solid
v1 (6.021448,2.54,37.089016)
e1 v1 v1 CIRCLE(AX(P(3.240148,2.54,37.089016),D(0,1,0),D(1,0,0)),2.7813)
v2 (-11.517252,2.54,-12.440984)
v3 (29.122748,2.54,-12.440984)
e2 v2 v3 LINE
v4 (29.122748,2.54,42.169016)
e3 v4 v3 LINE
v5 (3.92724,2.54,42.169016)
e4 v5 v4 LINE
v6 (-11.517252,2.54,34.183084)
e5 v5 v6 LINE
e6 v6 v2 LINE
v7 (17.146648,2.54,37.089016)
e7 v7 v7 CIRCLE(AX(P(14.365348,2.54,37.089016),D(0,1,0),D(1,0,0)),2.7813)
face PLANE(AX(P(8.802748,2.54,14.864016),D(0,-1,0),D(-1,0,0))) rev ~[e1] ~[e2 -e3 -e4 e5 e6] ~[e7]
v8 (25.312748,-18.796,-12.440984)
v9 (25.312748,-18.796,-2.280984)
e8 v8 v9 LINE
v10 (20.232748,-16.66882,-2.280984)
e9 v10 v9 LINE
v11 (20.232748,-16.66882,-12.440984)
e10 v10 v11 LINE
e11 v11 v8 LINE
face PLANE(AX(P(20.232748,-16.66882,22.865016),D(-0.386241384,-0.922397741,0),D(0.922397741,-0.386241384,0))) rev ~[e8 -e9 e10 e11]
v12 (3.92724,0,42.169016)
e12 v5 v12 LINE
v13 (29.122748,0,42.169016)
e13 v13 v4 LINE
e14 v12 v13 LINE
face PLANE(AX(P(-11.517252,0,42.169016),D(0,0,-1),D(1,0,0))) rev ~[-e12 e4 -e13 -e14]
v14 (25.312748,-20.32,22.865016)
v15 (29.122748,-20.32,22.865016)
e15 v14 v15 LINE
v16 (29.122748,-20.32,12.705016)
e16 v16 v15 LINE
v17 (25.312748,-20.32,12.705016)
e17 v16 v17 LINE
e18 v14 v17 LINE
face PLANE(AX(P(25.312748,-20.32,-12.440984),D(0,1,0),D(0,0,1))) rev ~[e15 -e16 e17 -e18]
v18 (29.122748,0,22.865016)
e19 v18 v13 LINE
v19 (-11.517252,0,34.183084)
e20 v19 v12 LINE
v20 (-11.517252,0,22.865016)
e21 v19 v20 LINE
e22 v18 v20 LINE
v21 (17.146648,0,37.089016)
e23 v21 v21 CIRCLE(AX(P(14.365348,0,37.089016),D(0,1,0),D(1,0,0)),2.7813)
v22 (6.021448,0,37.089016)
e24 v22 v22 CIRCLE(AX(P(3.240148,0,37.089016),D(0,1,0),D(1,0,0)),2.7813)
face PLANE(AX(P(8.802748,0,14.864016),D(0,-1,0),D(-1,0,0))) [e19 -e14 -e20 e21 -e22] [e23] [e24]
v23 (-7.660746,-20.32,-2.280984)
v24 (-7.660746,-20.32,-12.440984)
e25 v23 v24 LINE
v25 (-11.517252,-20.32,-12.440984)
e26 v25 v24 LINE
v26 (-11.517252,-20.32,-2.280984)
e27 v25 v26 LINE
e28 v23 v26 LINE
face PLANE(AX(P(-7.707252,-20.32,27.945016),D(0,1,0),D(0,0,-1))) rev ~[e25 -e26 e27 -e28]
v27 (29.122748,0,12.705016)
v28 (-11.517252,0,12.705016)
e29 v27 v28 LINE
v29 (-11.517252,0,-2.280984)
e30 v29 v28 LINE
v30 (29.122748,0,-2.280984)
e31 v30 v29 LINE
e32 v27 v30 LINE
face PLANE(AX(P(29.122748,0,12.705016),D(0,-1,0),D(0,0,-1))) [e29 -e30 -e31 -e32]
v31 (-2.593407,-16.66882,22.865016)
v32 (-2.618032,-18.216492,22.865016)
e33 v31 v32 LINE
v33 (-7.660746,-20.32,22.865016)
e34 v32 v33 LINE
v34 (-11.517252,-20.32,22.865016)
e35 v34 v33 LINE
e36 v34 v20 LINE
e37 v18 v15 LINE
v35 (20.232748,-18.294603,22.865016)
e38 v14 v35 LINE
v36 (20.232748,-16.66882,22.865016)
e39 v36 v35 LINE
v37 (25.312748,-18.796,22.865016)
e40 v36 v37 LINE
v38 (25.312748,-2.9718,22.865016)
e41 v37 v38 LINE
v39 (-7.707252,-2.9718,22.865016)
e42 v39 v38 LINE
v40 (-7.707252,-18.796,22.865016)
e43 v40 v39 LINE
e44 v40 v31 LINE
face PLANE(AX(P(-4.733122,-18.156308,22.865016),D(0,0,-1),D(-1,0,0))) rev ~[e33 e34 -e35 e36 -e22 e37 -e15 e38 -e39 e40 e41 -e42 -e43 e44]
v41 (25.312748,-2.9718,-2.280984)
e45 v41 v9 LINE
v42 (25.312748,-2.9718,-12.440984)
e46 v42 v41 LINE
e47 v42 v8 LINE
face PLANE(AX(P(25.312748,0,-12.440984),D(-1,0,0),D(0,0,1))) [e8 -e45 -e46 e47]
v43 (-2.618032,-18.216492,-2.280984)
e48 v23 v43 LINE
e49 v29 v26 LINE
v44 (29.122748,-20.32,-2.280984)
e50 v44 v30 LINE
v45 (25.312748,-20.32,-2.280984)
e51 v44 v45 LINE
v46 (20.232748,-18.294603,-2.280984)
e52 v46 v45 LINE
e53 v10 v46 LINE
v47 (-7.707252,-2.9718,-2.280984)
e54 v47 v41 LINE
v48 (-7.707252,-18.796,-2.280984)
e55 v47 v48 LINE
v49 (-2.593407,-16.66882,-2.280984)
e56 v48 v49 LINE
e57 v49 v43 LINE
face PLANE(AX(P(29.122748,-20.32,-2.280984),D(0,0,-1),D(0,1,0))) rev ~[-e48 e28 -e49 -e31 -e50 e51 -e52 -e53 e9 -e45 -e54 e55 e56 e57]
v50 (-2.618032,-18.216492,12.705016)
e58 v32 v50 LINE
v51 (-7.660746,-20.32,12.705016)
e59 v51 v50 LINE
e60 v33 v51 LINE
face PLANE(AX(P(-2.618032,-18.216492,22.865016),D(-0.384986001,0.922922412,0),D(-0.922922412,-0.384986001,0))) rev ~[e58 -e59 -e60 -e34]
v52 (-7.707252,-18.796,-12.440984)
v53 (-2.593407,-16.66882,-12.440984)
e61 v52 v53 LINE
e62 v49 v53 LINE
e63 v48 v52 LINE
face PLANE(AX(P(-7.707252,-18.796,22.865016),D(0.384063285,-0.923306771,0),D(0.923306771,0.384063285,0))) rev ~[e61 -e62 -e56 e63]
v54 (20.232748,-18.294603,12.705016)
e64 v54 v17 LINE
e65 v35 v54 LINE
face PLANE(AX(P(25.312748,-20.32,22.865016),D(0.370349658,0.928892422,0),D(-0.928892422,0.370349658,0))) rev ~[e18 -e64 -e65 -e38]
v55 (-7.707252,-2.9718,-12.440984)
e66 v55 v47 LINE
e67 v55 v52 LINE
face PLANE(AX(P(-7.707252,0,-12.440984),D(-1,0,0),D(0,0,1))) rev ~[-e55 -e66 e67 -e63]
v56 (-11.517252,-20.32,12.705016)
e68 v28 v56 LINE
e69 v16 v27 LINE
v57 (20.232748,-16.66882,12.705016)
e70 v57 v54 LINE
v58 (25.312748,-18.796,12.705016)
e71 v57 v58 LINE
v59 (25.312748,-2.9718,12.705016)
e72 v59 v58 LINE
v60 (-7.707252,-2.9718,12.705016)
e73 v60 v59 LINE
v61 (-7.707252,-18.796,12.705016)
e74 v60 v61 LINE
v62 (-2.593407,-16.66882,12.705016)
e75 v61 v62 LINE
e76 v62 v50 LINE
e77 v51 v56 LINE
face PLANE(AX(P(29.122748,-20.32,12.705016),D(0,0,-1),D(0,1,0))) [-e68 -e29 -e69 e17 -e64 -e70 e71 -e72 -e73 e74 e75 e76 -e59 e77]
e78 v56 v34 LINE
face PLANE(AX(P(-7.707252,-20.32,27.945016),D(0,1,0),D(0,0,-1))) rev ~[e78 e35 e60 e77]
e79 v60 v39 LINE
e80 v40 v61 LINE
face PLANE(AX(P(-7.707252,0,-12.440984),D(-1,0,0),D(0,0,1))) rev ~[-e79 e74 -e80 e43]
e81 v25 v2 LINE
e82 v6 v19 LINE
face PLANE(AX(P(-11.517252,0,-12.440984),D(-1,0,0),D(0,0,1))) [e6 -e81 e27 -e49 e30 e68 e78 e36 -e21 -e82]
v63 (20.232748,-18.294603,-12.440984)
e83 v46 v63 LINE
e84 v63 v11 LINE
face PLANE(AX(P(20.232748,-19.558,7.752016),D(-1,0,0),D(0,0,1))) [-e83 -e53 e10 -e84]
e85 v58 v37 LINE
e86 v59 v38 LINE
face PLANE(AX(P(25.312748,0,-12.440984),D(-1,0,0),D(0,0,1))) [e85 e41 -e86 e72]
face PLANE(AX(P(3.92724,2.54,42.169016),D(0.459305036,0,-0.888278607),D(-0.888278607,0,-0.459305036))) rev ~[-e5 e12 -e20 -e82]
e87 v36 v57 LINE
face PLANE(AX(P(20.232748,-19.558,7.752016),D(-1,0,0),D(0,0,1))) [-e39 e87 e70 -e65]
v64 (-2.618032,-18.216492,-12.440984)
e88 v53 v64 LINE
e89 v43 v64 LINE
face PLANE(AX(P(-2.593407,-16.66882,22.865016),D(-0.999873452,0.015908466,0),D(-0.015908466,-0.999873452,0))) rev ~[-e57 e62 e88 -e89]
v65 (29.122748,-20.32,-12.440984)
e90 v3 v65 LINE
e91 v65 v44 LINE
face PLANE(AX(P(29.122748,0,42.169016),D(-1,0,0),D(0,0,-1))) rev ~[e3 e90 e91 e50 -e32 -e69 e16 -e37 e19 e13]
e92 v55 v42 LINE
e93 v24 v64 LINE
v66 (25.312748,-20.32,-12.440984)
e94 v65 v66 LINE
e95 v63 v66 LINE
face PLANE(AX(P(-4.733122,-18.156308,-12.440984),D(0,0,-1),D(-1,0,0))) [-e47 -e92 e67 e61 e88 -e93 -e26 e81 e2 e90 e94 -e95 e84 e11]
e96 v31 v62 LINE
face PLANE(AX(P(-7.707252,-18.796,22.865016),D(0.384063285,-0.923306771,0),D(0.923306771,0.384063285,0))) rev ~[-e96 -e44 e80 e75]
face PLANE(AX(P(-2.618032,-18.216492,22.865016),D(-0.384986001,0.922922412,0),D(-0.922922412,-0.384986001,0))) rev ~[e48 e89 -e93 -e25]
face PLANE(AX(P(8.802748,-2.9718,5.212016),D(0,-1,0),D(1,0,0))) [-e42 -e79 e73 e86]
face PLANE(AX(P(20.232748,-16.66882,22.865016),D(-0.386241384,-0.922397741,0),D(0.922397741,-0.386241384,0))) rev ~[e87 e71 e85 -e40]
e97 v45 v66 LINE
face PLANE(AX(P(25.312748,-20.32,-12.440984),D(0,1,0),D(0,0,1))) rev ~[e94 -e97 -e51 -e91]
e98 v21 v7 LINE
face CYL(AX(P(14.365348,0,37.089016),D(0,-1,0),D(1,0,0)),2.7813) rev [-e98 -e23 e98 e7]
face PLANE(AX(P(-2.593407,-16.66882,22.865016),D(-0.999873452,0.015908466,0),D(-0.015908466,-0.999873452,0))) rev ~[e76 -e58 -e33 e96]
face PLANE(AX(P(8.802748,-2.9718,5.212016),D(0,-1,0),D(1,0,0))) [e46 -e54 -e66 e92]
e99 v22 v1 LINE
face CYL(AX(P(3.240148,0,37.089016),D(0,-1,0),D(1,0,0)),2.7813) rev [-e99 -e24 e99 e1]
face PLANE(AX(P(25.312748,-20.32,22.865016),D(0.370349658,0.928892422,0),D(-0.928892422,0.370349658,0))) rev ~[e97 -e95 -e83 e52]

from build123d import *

# Parameters (mm, degrees)
SKETCH3_R           = 2.7813
BOSS_EXTRUDE3_DEPTH = 2.54
SKETCH4_W           = 3.81
SKETCH4_H           = 40.386
BOSS_EXTRUDE4_DEPTH = 20.32
SKETCH5_W           = 40.386
SKETCH5_H           = 1.524
BOSS_EXTRUDE5_DEPTH = 5.08
SKETCH6_W           = 40.386
SKETCH6_H           = 1.524
BOSS_EXTRUDE6_DEPTH = 5.08
SKETCH7_W           = 40.64
SKETCH7_H           = 20.32
CUT_EXTRUDE1_DEPTH  = 5.08
SKETCH11_W          = 40.64
SKETCH11_H          = 35.306
BOSS_EXTRUDE7_DEPTH = 2.9718
BOSS_EXTRUDE8_DEPTH = 35.306
SKETCH8_W           = 14.986
SKETCH8_H           = 20.32
CUT_EXTRUDE2_DEPTH  = 41.64
CUT_EXTRUDE3_DEPTH  = 36.306
SKETCH14_R          = 3.81
SKETCH14_R_2        = 2.7813
BOSS_EXTRUDE9_DEPTH = 2.54
CUT_EXTRUDE4_DEPTH  = 23.86


with BuildPart() as part:
    # Sketch3 → Boss-Extrude3 (new body)
    with BuildSketch(Plane(origin=(0, 0, 0), x_dir=(1, 0, 0), z_dir=(0, 1, 0))):
        Polygon((-11.517251908, 12.440983784), (29.122748092, 12.440983784), (29.122748092, -34.564151764), (29.122748092, -42.169016216), (18.885256114, -42.169016216), (-11.517251908, -42.169016216), align=None)
        with Locations((3.240148092, -37.089016216)):
            Circle(SKETCH3_R, mode=Mode.SUBTRACT)
        with Locations((14.365348092, -37.089016216)):
            Circle(SKETCH3_R, mode=Mode.SUBTRACT)
    extrude(amount=BOSS_EXTRUDE3_DEPTH)

    # Sketch4 → Boss-Extrude4 (add)
    with BuildSketch(Plane.XZ):
        with Locations((-9.612251908, 7.752016216)):
            Rectangle(SKETCH4_W, SKETCH4_H)
        with Locations((27.217748092, 7.752016216)):
            Rectangle(SKETCH4_W, SKETCH4_H)
    extrude(amount=BOSS_EXTRUDE4_DEPTH)

    # Sketch5 → Boss-Extrude5 (add)
    with BuildSketch(Plane(origin=(-7.707251908, 0, 0), x_dir=(0, 0, -1), z_dir=(1, 0, 0))):
        with Locations((-7.752016216, -19.558)):
            Rectangle(SKETCH5_W, SKETCH5_H)
    extrude(amount=BOSS_EXTRUDE5_DEPTH)

    # Sketch6 → Boss-Extrude6 (add)
    with BuildSketch(Plane.ZY.offset(-25.312748092)):
        with Locations((7.752016216, -19.558)):
            Rectangle(SKETCH6_W, SKETCH6_H)
    extrude(amount=BOSS_EXTRUDE6_DEPTH)

    # Sketch7 → Cut-Extrude1 (cut)
    with BuildSketch(Plane.XY.offset(27.945016216)):
        with Locations((8.802748092, -10.16)):
            Rectangle(SKETCH7_W, SKETCH7_H)
    extrude(amount=-CUT_EXTRUDE1_DEPTH, mode=Mode.SUBTRACT)

    # Sketch11 → Boss-Extrude7 (add)
    with BuildSketch(Plane.XZ):
        with Locations((8.802748092, 5.212016216)):
            Rectangle(SKETCH11_W, SKETCH11_H)
    extrude(amount=BOSS_EXTRUDE7_DEPTH)

    # Sketch12 → Boss-Extrude8 (add)
    with BuildSketch(Plane.XY.offset(22.865016216)):
        Polygon((-7.707251908, -18.796), (-2.593407451, -16.66881978), (-2.627251908, -18.796), align=None)
        Polygon((20.232748092, -18.796), (20.232748092, -16.66881978), (25.312748092, -18.796), align=None)
    extrude(amount=-BOSS_EXTRUDE8_DEPTH)

    # Sketch8 → Cut-Extrude2 (cut, through all)
    with BuildSketch(Plane(origin=(29.122748092, 0, 0), x_dir=(0, 0, -1), z_dir=(1, 0, 0))):
        with Locations((-5.212016216, -10.16)):
            Rectangle(SKETCH8_W, SKETCH8_H)
    extrude(amount=-CUT_EXTRUDE2_DEPTH, mode=Mode.SUBTRACT)

    # Sketch13 → Cut-Extrude3 (cut, through all)
    with BuildSketch(Plane.XY.offset(22.865016216)):
        Polygon((-2.618031664, -18.216492377), (-7.660745747, -20.32), (-2.627251908, -20.32), (-2.627251908, -18.796), align=None)
        Polygon((20.232748092, -18.294602636), (20.232748092, -20.32), (25.312748092, -20.32), align=None)
    extrude(amount=-CUT_EXTRUDE3_DEPTH, mode=Mode.SUBTRACT)

    # Sketch14 → Boss-Extrude9 (add)
    with BuildSketch(Plane.XZ):
        with Locations((3.240148092, 37.089016216)):
            Circle(SKETCH14_R)
        with Locations((3.240148092, 37.089016216)):
            Circle(SKETCH14_R_2, mode=Mode.SUBTRACT)
        with Locations((14.365348092, 37.089016216)):
            Circle(SKETCH14_R)
        with Locations((14.365348092, 37.089016216)):
            Circle(SKETCH14_R_2, mode=Mode.SUBTRACT)
    extrude(amount=-BOSS_EXTRUDE9_DEPTH)

    # Sketch15 → Cut-Extrude4 (cut, through all)
    with BuildSketch(Plane(origin=(0, 2.54, 0), x_dir=(1, 0, 0), z_dir=(0, 1, 0))):
        Polygon((-11.517251908, -42.169016216), (3.92724007, -42.169016216), (-11.517251908, -34.183083779), align=None)
    extrude(amount=-CUT_EXTRUDE4_DEPTH, mode=Mode.SUBTRACT)


solid = part.part
